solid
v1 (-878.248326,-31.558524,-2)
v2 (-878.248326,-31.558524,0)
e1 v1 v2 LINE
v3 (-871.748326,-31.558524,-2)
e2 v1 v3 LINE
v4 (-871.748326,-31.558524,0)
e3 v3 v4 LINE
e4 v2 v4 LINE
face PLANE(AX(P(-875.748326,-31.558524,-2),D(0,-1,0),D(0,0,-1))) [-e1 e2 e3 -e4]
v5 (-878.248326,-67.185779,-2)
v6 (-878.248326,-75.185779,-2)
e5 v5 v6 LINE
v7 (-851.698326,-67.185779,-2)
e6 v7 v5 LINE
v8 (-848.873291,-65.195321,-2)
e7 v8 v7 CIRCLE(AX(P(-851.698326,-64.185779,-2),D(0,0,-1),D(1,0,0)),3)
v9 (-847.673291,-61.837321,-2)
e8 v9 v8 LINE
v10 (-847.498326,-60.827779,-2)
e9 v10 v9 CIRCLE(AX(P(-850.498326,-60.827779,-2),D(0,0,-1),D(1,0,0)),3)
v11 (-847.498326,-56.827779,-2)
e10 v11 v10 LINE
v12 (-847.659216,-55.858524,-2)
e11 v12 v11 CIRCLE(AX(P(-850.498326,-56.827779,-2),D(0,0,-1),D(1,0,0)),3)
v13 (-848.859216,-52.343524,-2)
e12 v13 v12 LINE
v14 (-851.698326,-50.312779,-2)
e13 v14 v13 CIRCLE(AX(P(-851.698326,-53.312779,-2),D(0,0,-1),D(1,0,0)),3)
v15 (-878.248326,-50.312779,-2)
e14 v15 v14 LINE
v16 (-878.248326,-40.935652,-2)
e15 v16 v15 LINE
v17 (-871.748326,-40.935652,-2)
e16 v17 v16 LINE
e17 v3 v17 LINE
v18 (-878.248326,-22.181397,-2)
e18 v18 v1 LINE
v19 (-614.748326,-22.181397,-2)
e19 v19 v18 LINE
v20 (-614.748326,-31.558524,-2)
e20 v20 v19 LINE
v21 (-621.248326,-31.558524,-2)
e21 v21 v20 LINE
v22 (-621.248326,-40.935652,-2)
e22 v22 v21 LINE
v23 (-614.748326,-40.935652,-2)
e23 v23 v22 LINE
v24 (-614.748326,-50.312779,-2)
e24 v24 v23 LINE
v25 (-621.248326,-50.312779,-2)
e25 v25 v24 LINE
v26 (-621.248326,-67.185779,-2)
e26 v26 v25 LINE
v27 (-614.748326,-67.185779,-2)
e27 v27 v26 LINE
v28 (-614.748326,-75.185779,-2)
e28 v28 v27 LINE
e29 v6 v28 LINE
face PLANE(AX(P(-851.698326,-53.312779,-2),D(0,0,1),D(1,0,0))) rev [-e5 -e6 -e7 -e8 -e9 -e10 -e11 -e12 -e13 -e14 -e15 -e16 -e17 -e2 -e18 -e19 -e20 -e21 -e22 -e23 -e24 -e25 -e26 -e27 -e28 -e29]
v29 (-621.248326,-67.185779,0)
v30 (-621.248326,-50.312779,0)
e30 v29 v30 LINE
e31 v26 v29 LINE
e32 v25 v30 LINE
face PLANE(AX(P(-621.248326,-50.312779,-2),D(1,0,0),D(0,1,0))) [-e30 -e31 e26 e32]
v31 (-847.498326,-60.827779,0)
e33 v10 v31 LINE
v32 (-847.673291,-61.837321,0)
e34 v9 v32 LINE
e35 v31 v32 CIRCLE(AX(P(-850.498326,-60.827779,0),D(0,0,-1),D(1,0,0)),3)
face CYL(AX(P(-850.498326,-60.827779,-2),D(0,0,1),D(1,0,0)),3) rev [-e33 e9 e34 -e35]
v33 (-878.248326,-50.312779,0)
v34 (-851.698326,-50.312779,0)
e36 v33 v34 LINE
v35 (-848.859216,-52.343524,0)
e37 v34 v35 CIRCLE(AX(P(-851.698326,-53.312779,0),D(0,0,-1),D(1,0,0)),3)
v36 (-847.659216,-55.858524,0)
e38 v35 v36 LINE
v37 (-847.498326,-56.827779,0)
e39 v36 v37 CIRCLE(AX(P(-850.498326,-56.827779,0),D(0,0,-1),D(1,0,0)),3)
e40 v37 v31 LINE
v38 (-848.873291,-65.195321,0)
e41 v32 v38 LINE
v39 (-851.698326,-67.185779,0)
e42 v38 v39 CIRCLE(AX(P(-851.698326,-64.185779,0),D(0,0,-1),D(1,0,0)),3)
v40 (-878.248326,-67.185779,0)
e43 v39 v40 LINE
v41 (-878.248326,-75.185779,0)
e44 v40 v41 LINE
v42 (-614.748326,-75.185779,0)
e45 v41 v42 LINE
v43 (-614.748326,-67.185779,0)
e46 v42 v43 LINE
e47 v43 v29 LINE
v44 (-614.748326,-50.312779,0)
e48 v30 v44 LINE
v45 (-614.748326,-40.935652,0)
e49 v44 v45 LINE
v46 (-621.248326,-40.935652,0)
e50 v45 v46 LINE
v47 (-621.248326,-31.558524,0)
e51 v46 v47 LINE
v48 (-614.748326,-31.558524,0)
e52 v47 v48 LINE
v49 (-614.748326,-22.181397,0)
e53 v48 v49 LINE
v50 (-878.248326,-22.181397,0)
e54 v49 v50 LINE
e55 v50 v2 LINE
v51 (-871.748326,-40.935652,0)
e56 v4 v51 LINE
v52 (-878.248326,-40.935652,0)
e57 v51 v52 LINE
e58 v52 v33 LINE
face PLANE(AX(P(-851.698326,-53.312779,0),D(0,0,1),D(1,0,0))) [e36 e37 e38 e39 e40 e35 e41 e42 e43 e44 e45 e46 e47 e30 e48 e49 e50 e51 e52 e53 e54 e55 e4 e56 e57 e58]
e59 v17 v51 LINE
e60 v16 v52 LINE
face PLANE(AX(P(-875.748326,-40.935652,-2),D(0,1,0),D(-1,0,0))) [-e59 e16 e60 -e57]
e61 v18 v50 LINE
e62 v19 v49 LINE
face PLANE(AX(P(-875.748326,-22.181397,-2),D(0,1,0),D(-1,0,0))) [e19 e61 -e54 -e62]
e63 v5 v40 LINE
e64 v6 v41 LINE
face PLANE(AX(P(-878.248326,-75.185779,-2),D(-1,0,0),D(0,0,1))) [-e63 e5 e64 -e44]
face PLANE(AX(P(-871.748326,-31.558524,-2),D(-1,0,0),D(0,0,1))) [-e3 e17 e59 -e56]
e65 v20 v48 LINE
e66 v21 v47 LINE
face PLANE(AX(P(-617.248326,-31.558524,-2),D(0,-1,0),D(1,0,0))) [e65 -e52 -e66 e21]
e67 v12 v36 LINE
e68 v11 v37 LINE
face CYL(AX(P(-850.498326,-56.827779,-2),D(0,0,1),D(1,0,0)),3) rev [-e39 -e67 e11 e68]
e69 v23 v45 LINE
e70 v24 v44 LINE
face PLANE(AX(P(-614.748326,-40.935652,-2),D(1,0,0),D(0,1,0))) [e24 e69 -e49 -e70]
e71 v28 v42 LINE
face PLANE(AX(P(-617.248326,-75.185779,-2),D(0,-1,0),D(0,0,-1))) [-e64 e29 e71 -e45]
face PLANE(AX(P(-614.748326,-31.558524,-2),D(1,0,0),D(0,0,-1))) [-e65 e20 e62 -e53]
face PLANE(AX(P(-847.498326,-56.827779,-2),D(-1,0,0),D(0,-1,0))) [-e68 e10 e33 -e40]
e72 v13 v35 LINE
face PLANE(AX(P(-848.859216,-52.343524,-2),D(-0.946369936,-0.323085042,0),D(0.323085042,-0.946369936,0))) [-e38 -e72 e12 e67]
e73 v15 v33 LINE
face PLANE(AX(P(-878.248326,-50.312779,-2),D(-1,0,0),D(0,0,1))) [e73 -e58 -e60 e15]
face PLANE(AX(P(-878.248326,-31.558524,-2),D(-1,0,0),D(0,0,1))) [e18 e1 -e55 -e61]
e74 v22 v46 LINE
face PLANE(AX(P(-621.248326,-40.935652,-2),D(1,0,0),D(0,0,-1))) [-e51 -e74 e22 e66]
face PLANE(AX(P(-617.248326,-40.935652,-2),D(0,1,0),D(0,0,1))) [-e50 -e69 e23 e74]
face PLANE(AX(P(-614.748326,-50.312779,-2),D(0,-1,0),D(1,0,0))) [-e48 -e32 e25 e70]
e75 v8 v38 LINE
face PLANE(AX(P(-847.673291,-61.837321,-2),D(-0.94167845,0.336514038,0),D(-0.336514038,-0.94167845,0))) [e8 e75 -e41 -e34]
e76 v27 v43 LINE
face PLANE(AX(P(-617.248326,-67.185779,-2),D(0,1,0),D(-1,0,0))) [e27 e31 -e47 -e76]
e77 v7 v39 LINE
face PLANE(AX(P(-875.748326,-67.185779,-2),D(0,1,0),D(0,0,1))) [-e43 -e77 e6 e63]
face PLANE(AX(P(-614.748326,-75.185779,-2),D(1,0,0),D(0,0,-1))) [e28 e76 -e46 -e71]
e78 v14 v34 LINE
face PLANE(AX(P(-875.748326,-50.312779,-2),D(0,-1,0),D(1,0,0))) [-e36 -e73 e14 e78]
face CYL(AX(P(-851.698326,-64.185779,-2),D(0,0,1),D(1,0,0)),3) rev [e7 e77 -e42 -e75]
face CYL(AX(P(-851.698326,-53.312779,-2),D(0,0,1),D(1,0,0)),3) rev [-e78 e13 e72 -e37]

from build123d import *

# Parameters (mm, degrees)
BOSS_EXTRU_1_DEPTH = 2


with BuildPart() as part:
    # Esquisse1 → Boss.-Extru.1 (new body)
    with BuildSketch(Plane.XY):
        with BuildLine():
            Line((-875.748326024, -75.185778964), (-878.248326024, -75.185778964))
            Line((-878.248326024, -75.185778964), (-878.248326024, -67.185778964))
            Line((-878.248326024, -67.185778964), (-875.748326024, -67.185778964))
            Line((-875.748326024, -67.185778964), (-851.698326024, -67.185778964))
            ThreePointArc((-851.698326024, -67.185778964), (-849.970412013, -66.63818863), (-848.873290676, -65.195321078))
            Line((-848.873290676, -65.195321078), (-847.673290676, -61.837321078))
            ThreePointArc((-847.673290676, -61.837321078), (-847.542390805, -61.340074755), (-847.498326024, -60.827778964))
            Line((-847.498326024, -60.827778964), (-847.498326024, -56.827778964))
            ThreePointArc((-847.498326024, -56.827778964), (-847.538821892, -56.336520083), (-847.659216217, -55.858523838))
            Line((-847.659216217, -55.858523838), (-848.859216217, -52.343523838))
            ThreePointArc((-848.859216217, -52.343523838), (-849.95301307, -50.872721036), (-851.698326024, -50.312778964))
            Line((-851.698326024, -50.312778964), (-875.748326024, -50.312778964))
            Line((-875.748326024, -50.312778964), (-878.248326024, -50.312778964))
            Line((-878.248326024, -50.312778964), (-878.248326024, -40.935651694))
            Line((-878.248326024, -40.935651694), (-875.748326024, -40.935651694))
            Line((-875.748326024, -40.935651694), (-871.748326024, -40.935651694))
            Line((-871.748326024, -40.935651694), (-871.748326024, -31.558524425))
            Line((-871.748326024, -31.558524425), (-875.748326024, -31.558524425))
            Line((-875.748326024, -31.558524425), (-878.248326024, -31.558524425))
            Line((-878.248326024, -31.558524425), (-878.248326024, -22.181397155))
            Line((-878.248326024, -22.181397155), (-875.748326024, -22.181397155))
            Line((-875.748326024, -22.181397155), (-617.248326024, -22.181397155))
            Line((-617.248326024, -22.181397155), (-614.748326024, -22.181397155))
            Line((-614.748326024, -22.181397155), (-614.748326024, -31.558524425))
            Line((-614.748326024, -31.558524425), (-617.248326024, -31.558524425))
            Line((-617.248326024, -31.558524425), (-621.248326024, -31.558524425))
            Line((-621.248326024, -31.558524425), (-621.248326024, -40.935651694))
            Line((-621.248326024, -40.935651694), (-617.248326024, -40.935651694))
            Line((-617.248326024, -40.935651694), (-614.748326024, -40.935651694))
            Line((-614.748326024, -40.935651694), (-614.748326024, -50.312778964))
            Line((-614.748326024, -50.312778964), (-621.248326024, -50.312778964))
            Line((-621.248326024, -50.312778964), (-621.248326024, -67.185778964))
            Line((-621.248326024, -67.185778964), (-617.248326024, -67.185778964))
            Line((-617.248326024, -67.185778964), (-614.748326024, -67.185778964))
            Line((-614.748326024, -67.185778964), (-614.748326024, -75.185778964))
            Line((-614.748326024, -75.185778964), (-617.248326024, -75.185778964))
            Line((-617.248326024, -75.185778964), (-875.748326024, -75.185778964))
        make_face()
    extrude(amount=-BOSS_EXTRU_1_DEPTH)


solid = part.part
